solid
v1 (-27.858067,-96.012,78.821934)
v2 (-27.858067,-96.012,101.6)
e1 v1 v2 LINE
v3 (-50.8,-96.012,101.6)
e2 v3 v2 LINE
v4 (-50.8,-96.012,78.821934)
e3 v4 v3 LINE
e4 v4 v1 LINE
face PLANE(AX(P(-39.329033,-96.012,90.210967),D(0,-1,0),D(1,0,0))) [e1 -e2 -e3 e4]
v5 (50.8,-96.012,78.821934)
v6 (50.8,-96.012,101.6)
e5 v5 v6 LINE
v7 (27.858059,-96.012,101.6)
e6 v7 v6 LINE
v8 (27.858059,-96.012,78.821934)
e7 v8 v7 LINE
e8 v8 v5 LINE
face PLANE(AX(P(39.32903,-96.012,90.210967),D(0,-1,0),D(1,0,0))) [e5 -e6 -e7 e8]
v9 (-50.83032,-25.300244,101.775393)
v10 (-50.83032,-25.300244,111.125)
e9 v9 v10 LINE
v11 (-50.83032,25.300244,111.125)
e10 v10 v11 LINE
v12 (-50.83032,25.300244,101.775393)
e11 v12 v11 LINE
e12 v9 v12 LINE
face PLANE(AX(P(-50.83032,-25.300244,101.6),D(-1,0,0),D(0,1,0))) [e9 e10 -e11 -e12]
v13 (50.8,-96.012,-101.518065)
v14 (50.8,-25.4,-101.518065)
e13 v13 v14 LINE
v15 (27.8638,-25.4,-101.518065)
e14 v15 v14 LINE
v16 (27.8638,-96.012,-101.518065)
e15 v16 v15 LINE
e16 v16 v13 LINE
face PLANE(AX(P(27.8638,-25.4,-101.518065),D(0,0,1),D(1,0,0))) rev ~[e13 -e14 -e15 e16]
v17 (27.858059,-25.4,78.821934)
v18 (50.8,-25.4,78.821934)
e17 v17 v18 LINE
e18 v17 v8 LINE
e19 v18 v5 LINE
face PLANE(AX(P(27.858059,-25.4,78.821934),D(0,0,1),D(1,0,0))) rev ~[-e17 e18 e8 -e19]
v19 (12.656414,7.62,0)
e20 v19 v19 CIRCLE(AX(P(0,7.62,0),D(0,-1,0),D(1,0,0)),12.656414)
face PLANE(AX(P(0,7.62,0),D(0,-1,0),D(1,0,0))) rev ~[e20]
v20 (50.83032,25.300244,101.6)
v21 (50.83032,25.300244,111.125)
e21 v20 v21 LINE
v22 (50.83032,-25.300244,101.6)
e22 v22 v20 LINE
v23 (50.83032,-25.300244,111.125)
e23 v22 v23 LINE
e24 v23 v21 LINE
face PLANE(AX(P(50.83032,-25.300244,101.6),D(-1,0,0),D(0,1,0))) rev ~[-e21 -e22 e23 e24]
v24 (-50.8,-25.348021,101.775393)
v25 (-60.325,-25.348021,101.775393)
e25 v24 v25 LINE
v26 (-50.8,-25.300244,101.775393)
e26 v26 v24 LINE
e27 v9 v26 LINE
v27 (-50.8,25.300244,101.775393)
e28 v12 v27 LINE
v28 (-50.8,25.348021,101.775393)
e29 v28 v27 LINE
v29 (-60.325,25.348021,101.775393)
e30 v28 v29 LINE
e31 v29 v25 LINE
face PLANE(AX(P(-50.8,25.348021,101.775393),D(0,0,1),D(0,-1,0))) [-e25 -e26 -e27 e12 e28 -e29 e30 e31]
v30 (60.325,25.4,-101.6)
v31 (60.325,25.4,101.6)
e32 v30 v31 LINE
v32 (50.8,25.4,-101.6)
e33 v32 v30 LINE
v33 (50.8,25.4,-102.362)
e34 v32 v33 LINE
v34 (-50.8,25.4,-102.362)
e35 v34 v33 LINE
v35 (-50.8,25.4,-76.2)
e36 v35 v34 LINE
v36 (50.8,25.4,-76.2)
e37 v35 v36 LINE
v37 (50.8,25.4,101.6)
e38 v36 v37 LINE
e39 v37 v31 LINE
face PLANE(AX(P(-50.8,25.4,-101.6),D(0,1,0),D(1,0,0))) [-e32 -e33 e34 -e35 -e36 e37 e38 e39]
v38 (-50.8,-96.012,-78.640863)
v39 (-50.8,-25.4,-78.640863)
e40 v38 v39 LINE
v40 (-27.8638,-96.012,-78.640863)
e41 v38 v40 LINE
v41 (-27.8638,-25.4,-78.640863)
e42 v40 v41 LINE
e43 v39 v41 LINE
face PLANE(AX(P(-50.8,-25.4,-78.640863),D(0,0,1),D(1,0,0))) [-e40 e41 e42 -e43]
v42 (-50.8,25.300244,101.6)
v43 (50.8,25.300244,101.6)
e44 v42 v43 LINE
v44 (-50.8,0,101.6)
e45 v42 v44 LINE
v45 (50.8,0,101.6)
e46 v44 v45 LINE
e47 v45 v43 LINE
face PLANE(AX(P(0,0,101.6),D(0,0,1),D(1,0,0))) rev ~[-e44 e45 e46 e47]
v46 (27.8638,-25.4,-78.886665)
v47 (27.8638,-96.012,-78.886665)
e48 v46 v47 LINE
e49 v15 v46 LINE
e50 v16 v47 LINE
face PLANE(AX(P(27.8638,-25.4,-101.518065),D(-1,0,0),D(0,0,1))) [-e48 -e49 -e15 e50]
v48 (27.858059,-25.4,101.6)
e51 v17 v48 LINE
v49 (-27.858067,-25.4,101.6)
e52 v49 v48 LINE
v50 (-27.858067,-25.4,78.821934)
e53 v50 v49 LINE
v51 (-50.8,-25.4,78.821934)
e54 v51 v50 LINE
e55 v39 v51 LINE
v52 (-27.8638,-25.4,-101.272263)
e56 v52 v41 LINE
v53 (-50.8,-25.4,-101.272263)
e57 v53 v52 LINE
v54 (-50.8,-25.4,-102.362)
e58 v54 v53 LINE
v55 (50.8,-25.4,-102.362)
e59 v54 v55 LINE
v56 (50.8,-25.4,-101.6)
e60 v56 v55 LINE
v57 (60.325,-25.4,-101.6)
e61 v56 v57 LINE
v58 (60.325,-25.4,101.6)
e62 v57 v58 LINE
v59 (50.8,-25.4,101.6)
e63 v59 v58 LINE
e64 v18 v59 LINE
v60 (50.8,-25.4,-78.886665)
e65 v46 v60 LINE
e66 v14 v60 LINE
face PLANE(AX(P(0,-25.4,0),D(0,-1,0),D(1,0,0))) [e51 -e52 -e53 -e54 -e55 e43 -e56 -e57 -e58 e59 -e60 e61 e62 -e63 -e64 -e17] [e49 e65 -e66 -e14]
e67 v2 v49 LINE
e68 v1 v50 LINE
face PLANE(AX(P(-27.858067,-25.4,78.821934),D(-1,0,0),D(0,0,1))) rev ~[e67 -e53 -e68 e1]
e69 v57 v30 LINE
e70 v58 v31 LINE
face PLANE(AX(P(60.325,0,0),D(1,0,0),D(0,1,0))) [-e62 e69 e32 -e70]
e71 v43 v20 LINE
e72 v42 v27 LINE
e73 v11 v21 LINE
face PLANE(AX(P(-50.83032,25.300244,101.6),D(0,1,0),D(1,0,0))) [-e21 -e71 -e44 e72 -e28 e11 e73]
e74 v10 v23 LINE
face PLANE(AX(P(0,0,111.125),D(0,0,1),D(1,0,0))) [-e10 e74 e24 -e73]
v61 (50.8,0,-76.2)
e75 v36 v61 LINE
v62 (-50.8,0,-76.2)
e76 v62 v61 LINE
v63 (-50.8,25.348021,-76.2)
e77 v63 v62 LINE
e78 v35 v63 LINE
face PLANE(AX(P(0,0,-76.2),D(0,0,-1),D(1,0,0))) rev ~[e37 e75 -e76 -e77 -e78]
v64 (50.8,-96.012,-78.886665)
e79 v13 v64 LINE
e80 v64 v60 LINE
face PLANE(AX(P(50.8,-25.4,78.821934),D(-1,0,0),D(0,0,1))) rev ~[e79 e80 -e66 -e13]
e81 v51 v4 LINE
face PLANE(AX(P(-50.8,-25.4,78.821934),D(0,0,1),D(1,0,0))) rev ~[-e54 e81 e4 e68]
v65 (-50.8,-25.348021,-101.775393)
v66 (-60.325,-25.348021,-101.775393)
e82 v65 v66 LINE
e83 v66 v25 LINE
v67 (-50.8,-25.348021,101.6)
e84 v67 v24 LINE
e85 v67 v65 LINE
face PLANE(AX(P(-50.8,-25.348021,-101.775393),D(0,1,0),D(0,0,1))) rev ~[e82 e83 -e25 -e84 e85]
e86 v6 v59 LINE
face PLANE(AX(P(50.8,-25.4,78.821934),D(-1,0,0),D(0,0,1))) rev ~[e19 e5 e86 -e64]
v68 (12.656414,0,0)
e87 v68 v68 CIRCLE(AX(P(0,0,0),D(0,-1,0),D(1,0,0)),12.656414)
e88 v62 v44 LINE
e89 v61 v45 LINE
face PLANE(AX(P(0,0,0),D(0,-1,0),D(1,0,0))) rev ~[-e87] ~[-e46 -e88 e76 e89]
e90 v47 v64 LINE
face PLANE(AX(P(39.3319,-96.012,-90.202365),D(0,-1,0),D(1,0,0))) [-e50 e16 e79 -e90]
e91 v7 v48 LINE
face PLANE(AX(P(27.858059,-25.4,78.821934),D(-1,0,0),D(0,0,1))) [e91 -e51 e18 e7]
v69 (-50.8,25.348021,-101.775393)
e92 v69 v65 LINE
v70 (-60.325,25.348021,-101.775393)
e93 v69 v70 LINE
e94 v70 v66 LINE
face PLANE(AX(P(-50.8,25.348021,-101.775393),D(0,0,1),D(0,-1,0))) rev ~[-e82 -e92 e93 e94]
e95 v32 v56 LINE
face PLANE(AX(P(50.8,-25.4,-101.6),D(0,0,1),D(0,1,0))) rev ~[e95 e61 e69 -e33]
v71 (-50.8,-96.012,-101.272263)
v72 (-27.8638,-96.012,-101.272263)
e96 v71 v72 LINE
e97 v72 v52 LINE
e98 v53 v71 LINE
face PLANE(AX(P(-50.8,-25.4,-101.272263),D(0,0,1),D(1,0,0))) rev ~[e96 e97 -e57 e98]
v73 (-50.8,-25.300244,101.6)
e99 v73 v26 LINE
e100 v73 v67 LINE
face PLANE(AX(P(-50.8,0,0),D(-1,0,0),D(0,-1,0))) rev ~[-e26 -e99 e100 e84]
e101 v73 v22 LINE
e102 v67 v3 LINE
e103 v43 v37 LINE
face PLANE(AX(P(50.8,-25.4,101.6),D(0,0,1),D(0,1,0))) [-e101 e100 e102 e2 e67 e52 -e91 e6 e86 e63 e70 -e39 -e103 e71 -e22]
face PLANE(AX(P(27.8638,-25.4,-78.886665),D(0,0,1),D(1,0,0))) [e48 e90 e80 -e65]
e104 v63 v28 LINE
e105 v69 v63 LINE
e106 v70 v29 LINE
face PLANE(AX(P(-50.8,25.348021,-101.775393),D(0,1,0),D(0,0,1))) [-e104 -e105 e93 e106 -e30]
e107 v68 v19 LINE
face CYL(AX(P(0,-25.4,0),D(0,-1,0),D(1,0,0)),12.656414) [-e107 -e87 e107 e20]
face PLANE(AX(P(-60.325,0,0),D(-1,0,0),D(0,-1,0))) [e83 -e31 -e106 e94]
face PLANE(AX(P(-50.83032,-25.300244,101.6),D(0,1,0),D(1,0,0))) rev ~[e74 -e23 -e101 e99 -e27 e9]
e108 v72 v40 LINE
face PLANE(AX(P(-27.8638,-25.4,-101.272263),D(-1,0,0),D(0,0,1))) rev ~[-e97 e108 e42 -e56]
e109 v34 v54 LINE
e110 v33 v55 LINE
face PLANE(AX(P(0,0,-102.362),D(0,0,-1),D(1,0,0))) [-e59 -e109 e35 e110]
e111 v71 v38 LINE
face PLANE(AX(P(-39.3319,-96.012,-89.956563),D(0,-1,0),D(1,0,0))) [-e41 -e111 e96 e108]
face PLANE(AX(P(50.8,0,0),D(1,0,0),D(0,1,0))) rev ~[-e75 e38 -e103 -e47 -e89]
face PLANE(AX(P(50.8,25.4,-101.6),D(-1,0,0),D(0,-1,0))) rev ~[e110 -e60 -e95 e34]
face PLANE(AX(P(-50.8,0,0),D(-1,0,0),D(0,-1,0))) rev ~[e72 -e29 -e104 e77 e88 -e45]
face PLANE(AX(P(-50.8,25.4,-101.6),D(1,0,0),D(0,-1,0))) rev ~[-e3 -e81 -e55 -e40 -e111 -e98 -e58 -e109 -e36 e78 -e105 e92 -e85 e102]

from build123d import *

# Parameters (mm, degrees)
F0_W           = 101.6
F0_H           = 203.2
F1_DEPTH       = 25.4
F2_W           = 22.9419407606
F2_H           = 22.7780664682
F2_W_2         = 22.94193331
F2_W_3         = 22.9362
F2_H_2         = 22.6314
F3_DEPTH       = 70.612
F4_W           = 50.8
F4_H           = 203.2
F5_DEPTH       = 9.525
F6_W           = 101.6606390476
F6_H           = 50.6004877388
F7_DEPTH       = 9.525
F8_W           = 50.696041435
F8_H           = 203.55078578
F9_DEPTH       = 9.525
F10_W          = 101.6
F10_H          = 50.8
F11_DEPTH      = 0.762
F11_DEPTH_BACK = 25.4
F12_DEPTH      = 25.4
F13_R          = 12.6564144883
F14_DEPTH      = 33.02


with BuildPart() as f1:
    # F0 (on Front) → F1 (new body)
    with BuildSketch(Plane.XZ):
        Rectangle(F0_W, F0_H)
    extrude(amount=F1_DEPTH)

    # F2 (on face) → F3 (join)
    with BuildSketch(Plane.XZ.offset(25.4)):
        with Locations((39.3290296197, 90.2109667659)):
            Rectangle(F2_W, F2_H)
        with Locations((-39.329033345, 90.2109667659)):
            Rectangle(F2_W_2, F2_H)
        with Locations((-39.3319, -89.9565626328)):
            Rectangle(F2_W_3, F2_H_2)
        with Locations((39.3319, -90.2023647373)):
            Rectangle(F2_W_3, F2_H_2)
    extrude(amount=F3_DEPTH)

    # F4 (on face) → F5 (join)
    with BuildSketch(Plane.YZ.offset(50.8)):
        Rectangle(F4_W, F4_H)
    extrude(amount=F5_DEPTH)

    # F6 (on face) → F7 (join)
    with BuildSketch(Plane.XY.offset(101.6)):
        Rectangle(F6_W, F6_H)
    extrude(amount=F7_DEPTH)

    # F8 (on face) → F9 (join)
    with BuildSketch(Plane(origin=(-50.8, 0, 0), x_dir=(0, -1, 0), z_dir=(-1, 0, 0))):
        Rectangle(F8_W, F8_H)
    extrude(amount=F9_DEPTH)

    # F10 (on face) → F11 (join, two sides)
    with BuildSketch(Plane(origin=(0, 0, -101.6), x_dir=(1, 0, 0), z_dir=(0, 0, -1))) as f11_sk:
        Rectangle(F10_W, F10_H)
    extrude(amount=F11_DEPTH)
    extrude(f11_sk.sketch, amount=-F11_DEPTH_BACK)

    # F2 (on face) → F12 (join)
    with BuildSketch(Plane.XZ.offset(25.4)):
        with Locations((39.3290296197, 90.2109667659)):
            Rectangle(F2_W, F2_H)
        with Locations((-39.329033345, 90.2109667659)):
            Rectangle(F2_W_2, F2_H)
        with Locations((-39.3319, -89.9565626328)):
            Rectangle(F2_W_3, F2_H_2)
        with Locations((39.3319, -90.2023647373)):
            Rectangle(F2_W_3, F2_H_2)
    extrude(amount=F12_DEPTH)

    # F13 (on face) → F14 (join)
    with BuildSketch(Plane.XZ.offset(25.4)):
        Circle(F13_R)
    extrude(amount=-F14_DEPTH)


solid = f1.part
